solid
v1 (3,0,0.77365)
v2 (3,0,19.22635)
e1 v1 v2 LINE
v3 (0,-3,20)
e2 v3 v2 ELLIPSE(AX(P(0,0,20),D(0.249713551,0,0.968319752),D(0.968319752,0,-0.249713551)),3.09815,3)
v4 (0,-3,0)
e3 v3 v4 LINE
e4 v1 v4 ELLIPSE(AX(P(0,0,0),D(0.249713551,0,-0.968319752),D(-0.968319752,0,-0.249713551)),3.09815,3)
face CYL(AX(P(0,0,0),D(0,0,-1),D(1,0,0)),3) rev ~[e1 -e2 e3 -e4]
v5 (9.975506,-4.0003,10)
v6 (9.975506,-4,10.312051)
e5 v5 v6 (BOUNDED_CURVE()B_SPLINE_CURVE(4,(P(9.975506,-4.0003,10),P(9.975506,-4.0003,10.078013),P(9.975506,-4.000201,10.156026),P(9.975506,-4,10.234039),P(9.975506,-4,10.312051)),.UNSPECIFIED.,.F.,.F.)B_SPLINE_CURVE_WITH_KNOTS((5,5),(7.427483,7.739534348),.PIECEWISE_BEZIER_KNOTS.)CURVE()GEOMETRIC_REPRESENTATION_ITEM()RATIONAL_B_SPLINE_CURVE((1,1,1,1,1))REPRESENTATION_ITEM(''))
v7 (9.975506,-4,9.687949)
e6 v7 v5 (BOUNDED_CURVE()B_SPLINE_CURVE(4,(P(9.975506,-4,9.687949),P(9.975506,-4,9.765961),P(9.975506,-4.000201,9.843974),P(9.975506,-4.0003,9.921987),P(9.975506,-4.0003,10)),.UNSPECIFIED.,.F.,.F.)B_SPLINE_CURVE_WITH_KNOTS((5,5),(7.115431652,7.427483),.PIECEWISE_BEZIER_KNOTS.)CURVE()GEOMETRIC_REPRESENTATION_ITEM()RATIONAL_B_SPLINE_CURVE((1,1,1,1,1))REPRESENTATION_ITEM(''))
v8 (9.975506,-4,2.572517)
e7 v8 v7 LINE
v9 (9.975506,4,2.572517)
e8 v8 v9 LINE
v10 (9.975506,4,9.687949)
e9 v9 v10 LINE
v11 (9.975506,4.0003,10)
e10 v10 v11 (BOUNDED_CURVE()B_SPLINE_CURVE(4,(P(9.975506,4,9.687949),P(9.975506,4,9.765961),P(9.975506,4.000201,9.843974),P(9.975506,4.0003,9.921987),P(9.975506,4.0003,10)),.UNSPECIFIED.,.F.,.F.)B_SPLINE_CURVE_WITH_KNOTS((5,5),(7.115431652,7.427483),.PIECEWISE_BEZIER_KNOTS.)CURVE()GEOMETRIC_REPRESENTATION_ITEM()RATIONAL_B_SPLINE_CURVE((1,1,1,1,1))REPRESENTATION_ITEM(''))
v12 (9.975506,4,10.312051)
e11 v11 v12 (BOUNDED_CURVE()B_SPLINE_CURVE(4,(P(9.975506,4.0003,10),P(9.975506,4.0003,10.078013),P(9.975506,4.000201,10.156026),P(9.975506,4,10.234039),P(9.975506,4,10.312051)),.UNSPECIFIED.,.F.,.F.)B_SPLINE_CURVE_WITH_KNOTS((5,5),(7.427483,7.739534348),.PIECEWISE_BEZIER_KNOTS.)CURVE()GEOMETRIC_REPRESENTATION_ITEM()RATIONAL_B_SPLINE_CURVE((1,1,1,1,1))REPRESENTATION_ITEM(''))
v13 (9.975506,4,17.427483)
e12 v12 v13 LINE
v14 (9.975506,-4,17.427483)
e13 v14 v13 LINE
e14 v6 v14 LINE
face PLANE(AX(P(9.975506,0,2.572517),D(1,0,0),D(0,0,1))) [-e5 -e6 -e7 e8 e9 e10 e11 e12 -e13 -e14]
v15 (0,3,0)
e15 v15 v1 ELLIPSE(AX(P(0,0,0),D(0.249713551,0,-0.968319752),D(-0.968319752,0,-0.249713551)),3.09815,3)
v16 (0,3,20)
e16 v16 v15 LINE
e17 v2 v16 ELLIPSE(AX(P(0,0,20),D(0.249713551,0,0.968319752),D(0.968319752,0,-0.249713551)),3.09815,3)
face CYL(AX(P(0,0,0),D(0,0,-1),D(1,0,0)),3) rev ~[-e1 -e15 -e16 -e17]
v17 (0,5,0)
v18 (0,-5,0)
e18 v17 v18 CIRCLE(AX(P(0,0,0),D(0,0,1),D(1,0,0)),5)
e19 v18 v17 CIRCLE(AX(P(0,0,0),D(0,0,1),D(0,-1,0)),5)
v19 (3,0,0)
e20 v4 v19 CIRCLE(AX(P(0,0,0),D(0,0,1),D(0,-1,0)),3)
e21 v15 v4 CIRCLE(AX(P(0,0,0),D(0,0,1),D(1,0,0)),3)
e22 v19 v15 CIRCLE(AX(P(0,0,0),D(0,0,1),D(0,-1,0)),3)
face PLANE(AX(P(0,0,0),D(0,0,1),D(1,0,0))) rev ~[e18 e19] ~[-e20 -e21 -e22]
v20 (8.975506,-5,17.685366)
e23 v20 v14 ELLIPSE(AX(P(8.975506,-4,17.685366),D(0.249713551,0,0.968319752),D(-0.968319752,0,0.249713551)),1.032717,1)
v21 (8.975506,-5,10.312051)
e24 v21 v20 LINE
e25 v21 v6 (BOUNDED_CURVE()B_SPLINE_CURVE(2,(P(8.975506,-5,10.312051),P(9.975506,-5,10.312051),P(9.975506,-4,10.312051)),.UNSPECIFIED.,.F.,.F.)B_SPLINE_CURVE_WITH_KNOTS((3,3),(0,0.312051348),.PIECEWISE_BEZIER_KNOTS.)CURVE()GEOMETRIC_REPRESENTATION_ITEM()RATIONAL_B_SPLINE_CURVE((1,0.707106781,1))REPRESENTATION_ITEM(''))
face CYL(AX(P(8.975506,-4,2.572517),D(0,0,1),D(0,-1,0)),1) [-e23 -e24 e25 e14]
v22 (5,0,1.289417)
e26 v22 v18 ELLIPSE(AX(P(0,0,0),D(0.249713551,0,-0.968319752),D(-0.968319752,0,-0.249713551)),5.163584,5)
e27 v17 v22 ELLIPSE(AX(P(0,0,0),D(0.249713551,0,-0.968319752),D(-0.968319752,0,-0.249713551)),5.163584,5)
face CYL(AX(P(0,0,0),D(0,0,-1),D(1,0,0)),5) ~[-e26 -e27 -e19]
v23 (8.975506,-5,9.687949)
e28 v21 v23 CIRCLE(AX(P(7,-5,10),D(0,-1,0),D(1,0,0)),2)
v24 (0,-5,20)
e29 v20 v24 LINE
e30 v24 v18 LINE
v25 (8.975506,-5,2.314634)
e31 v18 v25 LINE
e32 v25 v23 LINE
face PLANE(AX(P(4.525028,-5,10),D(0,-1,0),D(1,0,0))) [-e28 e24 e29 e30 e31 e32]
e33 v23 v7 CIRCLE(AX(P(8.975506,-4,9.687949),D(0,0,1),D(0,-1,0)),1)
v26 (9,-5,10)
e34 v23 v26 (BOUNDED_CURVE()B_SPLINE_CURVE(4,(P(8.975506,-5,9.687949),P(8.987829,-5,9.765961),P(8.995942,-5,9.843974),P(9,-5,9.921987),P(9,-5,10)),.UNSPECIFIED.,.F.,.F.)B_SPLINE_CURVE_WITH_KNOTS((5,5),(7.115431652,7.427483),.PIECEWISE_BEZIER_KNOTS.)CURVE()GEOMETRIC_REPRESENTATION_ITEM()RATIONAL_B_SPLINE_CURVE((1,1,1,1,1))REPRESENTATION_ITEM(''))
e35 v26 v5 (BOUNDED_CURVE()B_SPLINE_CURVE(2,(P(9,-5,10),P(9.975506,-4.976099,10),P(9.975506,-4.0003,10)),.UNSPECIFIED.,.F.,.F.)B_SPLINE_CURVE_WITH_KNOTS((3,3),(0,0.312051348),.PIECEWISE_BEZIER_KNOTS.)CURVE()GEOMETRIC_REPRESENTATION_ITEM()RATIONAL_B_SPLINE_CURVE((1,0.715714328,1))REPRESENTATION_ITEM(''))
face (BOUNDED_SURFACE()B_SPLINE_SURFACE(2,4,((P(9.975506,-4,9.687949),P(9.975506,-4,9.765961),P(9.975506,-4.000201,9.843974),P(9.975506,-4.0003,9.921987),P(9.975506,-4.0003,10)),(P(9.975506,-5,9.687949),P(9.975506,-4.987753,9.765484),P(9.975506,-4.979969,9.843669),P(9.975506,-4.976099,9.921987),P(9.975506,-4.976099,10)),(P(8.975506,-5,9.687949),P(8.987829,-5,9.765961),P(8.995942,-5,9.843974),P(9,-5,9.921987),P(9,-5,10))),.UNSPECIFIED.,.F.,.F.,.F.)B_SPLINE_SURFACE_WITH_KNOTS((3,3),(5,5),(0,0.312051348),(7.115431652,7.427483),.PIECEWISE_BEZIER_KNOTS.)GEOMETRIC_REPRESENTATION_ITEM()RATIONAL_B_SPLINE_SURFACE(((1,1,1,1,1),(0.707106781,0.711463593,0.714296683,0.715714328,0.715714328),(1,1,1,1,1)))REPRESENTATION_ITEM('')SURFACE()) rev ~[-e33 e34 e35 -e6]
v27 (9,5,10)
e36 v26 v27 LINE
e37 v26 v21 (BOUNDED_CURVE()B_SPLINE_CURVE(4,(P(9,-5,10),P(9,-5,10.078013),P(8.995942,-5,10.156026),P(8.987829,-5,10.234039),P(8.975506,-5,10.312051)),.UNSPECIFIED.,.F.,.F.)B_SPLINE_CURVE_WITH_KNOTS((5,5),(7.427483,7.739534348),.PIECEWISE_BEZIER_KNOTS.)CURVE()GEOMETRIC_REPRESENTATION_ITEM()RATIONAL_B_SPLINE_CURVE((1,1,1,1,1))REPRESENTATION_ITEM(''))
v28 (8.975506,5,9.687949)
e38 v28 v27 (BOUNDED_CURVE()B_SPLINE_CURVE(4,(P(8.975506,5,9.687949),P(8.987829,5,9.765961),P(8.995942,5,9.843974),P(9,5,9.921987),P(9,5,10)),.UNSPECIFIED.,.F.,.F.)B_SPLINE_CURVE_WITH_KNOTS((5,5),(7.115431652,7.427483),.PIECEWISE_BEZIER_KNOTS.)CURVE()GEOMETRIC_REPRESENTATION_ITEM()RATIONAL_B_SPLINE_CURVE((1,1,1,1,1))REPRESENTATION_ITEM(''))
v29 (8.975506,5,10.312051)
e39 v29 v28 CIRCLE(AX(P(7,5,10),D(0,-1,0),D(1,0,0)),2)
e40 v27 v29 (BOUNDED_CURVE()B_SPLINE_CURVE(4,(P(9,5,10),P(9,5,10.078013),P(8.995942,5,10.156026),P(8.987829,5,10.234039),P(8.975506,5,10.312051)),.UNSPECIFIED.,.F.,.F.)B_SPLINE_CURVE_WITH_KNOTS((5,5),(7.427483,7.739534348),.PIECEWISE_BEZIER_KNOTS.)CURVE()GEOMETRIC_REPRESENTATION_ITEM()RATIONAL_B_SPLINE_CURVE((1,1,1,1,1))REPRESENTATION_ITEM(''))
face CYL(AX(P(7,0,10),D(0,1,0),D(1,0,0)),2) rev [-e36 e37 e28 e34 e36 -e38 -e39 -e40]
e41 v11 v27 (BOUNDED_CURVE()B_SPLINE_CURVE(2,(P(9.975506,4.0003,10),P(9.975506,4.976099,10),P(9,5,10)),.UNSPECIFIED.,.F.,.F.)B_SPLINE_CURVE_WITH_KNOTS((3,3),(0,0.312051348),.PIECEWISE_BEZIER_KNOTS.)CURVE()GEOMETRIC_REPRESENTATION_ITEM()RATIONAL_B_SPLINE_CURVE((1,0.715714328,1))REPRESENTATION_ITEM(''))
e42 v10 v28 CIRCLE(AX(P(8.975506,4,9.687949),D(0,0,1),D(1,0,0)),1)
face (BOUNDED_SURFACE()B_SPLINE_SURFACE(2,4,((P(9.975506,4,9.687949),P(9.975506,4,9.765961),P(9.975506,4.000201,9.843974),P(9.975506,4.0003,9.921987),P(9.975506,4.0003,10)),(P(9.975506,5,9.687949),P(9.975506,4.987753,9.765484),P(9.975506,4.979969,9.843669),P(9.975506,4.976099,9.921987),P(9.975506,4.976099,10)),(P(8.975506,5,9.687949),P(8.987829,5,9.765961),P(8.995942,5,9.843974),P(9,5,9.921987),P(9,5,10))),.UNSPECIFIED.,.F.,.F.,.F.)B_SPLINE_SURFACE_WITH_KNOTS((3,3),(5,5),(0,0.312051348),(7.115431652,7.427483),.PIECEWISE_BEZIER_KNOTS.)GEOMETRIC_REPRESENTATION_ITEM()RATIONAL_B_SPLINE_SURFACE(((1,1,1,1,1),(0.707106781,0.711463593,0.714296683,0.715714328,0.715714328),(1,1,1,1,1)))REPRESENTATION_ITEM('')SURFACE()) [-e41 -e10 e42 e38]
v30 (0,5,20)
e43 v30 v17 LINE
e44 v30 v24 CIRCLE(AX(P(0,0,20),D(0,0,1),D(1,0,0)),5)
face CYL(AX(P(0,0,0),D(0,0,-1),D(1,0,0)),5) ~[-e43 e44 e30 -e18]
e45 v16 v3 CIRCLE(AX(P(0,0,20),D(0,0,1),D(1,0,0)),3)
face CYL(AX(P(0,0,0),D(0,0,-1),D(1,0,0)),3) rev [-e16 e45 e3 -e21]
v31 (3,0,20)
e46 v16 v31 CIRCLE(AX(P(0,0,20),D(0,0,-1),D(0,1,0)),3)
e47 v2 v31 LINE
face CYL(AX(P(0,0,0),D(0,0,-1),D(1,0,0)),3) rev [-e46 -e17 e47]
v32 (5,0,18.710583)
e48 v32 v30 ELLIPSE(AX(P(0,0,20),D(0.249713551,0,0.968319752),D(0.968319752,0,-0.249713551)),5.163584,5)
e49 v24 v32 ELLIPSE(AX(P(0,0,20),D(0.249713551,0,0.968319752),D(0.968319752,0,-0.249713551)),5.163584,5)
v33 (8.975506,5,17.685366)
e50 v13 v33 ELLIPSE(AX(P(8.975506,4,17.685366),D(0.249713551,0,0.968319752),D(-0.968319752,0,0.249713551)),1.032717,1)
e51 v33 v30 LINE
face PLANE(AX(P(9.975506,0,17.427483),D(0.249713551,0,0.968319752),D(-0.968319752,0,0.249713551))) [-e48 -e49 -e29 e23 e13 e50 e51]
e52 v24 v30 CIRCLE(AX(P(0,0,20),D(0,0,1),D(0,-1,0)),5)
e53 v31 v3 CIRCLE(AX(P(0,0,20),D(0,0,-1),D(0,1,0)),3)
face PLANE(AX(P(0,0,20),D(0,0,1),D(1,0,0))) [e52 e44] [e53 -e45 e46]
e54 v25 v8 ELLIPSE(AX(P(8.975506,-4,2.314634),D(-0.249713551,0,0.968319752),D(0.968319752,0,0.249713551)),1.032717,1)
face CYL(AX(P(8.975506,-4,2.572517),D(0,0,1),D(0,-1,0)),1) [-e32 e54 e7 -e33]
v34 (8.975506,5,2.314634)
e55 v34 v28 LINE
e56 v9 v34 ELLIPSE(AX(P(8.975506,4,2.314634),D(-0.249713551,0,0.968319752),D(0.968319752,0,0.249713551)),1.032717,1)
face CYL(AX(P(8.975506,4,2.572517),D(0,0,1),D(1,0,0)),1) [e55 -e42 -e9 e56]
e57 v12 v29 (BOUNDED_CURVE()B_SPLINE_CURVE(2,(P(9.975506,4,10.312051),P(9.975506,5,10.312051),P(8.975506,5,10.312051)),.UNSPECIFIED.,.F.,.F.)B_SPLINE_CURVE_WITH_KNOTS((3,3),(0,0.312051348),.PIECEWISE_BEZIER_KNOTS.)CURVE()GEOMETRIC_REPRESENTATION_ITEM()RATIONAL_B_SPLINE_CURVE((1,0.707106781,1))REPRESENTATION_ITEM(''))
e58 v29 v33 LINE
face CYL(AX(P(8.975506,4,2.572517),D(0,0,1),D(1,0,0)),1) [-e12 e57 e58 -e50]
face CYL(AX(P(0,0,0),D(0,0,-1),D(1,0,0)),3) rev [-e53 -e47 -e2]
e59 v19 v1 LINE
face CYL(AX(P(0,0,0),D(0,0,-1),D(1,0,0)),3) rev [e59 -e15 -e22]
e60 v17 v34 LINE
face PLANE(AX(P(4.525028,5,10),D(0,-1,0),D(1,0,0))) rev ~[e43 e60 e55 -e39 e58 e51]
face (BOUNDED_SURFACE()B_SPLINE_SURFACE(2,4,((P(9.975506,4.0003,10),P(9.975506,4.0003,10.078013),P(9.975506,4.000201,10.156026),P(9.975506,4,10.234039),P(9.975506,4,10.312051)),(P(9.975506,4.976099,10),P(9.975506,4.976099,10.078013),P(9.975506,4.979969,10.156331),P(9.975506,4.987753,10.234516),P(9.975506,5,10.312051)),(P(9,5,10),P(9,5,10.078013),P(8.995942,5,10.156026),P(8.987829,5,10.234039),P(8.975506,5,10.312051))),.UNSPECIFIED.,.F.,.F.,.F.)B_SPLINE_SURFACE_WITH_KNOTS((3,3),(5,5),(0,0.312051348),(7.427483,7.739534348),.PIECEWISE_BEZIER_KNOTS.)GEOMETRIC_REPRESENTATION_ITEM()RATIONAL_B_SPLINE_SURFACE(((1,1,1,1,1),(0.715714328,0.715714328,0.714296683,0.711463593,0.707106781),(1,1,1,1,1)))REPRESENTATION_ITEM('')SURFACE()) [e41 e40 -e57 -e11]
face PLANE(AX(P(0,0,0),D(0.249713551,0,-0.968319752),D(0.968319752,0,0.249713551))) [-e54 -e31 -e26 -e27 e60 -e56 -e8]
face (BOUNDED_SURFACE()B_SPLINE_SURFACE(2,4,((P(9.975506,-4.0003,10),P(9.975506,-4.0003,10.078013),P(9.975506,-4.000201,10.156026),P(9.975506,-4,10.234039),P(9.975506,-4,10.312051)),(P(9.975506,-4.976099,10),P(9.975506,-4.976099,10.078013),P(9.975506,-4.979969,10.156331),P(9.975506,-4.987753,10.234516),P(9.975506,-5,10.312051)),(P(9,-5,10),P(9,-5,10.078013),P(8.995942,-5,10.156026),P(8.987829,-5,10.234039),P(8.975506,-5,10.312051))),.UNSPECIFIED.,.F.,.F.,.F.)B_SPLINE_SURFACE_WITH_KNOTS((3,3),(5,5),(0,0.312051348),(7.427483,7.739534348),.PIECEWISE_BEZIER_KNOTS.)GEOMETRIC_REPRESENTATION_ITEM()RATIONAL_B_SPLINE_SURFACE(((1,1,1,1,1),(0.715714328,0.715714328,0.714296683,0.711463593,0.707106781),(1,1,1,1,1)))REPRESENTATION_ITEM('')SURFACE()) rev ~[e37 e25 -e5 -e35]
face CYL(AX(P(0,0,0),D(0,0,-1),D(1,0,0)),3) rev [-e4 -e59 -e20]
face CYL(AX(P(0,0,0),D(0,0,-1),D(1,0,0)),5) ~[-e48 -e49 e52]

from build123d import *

# Parameters (mm, degrees)
SKETCH_R     = 5
SKETCH_R_2   = 3
PAD_DEPTH    = 20
SKETCH002_R  = 2
PAD001_DEPTH = 5
SKETCH003_R  = 3
POCKET_DEPTH = 20.001
FILLET_R     = 1


with BuildPart() as body:
    # Sketch → Pad (new body)
    with BuildSketch(Plane.XY):
        Circle(SKETCH_R)
        Circle(SKETCH_R_2, mode=Mode.SUBTRACT)
    extrude(amount=PAD_DEPTH)


with BuildPart() as body002:
    # Sketch002 → Pad001 (new body, symmetric)
    with BuildSketch(Plane.XZ):
        Polygon((9.975506, 17.427483), (0, 20), (0, 0), (9.975506, 2.572517), align=None)
        with Locations((7, 10)):
            Circle(SKETCH002_R, mode=Mode.SUBTRACT)
    extrude(amount=PAD001_DEPTH, both=True)

    # Boolean: union Body
    add(body.part)

    # Sketch003 (on Face11 of Boolean) → Pocket (cut, through all)
    with BuildSketch(Plane(origin=(0, 0, 0), x_dir=(1, 0, 0), z_dir=(0, 0, -1))):
        Circle(SKETCH003_R)
    extrude(amount=-POCKET_DEPTH, mode=Mode.SUBTRACT)

    # Fillet
    fillet_edges = [body002.edges().sort_by_distance(p)[0] for p in [
        (9.975506, -5, 10),
        (9.975506, 5, 10),
    ]]
    fillet(fillet_edges, radius=FILLET_R)


solid = body002.part
